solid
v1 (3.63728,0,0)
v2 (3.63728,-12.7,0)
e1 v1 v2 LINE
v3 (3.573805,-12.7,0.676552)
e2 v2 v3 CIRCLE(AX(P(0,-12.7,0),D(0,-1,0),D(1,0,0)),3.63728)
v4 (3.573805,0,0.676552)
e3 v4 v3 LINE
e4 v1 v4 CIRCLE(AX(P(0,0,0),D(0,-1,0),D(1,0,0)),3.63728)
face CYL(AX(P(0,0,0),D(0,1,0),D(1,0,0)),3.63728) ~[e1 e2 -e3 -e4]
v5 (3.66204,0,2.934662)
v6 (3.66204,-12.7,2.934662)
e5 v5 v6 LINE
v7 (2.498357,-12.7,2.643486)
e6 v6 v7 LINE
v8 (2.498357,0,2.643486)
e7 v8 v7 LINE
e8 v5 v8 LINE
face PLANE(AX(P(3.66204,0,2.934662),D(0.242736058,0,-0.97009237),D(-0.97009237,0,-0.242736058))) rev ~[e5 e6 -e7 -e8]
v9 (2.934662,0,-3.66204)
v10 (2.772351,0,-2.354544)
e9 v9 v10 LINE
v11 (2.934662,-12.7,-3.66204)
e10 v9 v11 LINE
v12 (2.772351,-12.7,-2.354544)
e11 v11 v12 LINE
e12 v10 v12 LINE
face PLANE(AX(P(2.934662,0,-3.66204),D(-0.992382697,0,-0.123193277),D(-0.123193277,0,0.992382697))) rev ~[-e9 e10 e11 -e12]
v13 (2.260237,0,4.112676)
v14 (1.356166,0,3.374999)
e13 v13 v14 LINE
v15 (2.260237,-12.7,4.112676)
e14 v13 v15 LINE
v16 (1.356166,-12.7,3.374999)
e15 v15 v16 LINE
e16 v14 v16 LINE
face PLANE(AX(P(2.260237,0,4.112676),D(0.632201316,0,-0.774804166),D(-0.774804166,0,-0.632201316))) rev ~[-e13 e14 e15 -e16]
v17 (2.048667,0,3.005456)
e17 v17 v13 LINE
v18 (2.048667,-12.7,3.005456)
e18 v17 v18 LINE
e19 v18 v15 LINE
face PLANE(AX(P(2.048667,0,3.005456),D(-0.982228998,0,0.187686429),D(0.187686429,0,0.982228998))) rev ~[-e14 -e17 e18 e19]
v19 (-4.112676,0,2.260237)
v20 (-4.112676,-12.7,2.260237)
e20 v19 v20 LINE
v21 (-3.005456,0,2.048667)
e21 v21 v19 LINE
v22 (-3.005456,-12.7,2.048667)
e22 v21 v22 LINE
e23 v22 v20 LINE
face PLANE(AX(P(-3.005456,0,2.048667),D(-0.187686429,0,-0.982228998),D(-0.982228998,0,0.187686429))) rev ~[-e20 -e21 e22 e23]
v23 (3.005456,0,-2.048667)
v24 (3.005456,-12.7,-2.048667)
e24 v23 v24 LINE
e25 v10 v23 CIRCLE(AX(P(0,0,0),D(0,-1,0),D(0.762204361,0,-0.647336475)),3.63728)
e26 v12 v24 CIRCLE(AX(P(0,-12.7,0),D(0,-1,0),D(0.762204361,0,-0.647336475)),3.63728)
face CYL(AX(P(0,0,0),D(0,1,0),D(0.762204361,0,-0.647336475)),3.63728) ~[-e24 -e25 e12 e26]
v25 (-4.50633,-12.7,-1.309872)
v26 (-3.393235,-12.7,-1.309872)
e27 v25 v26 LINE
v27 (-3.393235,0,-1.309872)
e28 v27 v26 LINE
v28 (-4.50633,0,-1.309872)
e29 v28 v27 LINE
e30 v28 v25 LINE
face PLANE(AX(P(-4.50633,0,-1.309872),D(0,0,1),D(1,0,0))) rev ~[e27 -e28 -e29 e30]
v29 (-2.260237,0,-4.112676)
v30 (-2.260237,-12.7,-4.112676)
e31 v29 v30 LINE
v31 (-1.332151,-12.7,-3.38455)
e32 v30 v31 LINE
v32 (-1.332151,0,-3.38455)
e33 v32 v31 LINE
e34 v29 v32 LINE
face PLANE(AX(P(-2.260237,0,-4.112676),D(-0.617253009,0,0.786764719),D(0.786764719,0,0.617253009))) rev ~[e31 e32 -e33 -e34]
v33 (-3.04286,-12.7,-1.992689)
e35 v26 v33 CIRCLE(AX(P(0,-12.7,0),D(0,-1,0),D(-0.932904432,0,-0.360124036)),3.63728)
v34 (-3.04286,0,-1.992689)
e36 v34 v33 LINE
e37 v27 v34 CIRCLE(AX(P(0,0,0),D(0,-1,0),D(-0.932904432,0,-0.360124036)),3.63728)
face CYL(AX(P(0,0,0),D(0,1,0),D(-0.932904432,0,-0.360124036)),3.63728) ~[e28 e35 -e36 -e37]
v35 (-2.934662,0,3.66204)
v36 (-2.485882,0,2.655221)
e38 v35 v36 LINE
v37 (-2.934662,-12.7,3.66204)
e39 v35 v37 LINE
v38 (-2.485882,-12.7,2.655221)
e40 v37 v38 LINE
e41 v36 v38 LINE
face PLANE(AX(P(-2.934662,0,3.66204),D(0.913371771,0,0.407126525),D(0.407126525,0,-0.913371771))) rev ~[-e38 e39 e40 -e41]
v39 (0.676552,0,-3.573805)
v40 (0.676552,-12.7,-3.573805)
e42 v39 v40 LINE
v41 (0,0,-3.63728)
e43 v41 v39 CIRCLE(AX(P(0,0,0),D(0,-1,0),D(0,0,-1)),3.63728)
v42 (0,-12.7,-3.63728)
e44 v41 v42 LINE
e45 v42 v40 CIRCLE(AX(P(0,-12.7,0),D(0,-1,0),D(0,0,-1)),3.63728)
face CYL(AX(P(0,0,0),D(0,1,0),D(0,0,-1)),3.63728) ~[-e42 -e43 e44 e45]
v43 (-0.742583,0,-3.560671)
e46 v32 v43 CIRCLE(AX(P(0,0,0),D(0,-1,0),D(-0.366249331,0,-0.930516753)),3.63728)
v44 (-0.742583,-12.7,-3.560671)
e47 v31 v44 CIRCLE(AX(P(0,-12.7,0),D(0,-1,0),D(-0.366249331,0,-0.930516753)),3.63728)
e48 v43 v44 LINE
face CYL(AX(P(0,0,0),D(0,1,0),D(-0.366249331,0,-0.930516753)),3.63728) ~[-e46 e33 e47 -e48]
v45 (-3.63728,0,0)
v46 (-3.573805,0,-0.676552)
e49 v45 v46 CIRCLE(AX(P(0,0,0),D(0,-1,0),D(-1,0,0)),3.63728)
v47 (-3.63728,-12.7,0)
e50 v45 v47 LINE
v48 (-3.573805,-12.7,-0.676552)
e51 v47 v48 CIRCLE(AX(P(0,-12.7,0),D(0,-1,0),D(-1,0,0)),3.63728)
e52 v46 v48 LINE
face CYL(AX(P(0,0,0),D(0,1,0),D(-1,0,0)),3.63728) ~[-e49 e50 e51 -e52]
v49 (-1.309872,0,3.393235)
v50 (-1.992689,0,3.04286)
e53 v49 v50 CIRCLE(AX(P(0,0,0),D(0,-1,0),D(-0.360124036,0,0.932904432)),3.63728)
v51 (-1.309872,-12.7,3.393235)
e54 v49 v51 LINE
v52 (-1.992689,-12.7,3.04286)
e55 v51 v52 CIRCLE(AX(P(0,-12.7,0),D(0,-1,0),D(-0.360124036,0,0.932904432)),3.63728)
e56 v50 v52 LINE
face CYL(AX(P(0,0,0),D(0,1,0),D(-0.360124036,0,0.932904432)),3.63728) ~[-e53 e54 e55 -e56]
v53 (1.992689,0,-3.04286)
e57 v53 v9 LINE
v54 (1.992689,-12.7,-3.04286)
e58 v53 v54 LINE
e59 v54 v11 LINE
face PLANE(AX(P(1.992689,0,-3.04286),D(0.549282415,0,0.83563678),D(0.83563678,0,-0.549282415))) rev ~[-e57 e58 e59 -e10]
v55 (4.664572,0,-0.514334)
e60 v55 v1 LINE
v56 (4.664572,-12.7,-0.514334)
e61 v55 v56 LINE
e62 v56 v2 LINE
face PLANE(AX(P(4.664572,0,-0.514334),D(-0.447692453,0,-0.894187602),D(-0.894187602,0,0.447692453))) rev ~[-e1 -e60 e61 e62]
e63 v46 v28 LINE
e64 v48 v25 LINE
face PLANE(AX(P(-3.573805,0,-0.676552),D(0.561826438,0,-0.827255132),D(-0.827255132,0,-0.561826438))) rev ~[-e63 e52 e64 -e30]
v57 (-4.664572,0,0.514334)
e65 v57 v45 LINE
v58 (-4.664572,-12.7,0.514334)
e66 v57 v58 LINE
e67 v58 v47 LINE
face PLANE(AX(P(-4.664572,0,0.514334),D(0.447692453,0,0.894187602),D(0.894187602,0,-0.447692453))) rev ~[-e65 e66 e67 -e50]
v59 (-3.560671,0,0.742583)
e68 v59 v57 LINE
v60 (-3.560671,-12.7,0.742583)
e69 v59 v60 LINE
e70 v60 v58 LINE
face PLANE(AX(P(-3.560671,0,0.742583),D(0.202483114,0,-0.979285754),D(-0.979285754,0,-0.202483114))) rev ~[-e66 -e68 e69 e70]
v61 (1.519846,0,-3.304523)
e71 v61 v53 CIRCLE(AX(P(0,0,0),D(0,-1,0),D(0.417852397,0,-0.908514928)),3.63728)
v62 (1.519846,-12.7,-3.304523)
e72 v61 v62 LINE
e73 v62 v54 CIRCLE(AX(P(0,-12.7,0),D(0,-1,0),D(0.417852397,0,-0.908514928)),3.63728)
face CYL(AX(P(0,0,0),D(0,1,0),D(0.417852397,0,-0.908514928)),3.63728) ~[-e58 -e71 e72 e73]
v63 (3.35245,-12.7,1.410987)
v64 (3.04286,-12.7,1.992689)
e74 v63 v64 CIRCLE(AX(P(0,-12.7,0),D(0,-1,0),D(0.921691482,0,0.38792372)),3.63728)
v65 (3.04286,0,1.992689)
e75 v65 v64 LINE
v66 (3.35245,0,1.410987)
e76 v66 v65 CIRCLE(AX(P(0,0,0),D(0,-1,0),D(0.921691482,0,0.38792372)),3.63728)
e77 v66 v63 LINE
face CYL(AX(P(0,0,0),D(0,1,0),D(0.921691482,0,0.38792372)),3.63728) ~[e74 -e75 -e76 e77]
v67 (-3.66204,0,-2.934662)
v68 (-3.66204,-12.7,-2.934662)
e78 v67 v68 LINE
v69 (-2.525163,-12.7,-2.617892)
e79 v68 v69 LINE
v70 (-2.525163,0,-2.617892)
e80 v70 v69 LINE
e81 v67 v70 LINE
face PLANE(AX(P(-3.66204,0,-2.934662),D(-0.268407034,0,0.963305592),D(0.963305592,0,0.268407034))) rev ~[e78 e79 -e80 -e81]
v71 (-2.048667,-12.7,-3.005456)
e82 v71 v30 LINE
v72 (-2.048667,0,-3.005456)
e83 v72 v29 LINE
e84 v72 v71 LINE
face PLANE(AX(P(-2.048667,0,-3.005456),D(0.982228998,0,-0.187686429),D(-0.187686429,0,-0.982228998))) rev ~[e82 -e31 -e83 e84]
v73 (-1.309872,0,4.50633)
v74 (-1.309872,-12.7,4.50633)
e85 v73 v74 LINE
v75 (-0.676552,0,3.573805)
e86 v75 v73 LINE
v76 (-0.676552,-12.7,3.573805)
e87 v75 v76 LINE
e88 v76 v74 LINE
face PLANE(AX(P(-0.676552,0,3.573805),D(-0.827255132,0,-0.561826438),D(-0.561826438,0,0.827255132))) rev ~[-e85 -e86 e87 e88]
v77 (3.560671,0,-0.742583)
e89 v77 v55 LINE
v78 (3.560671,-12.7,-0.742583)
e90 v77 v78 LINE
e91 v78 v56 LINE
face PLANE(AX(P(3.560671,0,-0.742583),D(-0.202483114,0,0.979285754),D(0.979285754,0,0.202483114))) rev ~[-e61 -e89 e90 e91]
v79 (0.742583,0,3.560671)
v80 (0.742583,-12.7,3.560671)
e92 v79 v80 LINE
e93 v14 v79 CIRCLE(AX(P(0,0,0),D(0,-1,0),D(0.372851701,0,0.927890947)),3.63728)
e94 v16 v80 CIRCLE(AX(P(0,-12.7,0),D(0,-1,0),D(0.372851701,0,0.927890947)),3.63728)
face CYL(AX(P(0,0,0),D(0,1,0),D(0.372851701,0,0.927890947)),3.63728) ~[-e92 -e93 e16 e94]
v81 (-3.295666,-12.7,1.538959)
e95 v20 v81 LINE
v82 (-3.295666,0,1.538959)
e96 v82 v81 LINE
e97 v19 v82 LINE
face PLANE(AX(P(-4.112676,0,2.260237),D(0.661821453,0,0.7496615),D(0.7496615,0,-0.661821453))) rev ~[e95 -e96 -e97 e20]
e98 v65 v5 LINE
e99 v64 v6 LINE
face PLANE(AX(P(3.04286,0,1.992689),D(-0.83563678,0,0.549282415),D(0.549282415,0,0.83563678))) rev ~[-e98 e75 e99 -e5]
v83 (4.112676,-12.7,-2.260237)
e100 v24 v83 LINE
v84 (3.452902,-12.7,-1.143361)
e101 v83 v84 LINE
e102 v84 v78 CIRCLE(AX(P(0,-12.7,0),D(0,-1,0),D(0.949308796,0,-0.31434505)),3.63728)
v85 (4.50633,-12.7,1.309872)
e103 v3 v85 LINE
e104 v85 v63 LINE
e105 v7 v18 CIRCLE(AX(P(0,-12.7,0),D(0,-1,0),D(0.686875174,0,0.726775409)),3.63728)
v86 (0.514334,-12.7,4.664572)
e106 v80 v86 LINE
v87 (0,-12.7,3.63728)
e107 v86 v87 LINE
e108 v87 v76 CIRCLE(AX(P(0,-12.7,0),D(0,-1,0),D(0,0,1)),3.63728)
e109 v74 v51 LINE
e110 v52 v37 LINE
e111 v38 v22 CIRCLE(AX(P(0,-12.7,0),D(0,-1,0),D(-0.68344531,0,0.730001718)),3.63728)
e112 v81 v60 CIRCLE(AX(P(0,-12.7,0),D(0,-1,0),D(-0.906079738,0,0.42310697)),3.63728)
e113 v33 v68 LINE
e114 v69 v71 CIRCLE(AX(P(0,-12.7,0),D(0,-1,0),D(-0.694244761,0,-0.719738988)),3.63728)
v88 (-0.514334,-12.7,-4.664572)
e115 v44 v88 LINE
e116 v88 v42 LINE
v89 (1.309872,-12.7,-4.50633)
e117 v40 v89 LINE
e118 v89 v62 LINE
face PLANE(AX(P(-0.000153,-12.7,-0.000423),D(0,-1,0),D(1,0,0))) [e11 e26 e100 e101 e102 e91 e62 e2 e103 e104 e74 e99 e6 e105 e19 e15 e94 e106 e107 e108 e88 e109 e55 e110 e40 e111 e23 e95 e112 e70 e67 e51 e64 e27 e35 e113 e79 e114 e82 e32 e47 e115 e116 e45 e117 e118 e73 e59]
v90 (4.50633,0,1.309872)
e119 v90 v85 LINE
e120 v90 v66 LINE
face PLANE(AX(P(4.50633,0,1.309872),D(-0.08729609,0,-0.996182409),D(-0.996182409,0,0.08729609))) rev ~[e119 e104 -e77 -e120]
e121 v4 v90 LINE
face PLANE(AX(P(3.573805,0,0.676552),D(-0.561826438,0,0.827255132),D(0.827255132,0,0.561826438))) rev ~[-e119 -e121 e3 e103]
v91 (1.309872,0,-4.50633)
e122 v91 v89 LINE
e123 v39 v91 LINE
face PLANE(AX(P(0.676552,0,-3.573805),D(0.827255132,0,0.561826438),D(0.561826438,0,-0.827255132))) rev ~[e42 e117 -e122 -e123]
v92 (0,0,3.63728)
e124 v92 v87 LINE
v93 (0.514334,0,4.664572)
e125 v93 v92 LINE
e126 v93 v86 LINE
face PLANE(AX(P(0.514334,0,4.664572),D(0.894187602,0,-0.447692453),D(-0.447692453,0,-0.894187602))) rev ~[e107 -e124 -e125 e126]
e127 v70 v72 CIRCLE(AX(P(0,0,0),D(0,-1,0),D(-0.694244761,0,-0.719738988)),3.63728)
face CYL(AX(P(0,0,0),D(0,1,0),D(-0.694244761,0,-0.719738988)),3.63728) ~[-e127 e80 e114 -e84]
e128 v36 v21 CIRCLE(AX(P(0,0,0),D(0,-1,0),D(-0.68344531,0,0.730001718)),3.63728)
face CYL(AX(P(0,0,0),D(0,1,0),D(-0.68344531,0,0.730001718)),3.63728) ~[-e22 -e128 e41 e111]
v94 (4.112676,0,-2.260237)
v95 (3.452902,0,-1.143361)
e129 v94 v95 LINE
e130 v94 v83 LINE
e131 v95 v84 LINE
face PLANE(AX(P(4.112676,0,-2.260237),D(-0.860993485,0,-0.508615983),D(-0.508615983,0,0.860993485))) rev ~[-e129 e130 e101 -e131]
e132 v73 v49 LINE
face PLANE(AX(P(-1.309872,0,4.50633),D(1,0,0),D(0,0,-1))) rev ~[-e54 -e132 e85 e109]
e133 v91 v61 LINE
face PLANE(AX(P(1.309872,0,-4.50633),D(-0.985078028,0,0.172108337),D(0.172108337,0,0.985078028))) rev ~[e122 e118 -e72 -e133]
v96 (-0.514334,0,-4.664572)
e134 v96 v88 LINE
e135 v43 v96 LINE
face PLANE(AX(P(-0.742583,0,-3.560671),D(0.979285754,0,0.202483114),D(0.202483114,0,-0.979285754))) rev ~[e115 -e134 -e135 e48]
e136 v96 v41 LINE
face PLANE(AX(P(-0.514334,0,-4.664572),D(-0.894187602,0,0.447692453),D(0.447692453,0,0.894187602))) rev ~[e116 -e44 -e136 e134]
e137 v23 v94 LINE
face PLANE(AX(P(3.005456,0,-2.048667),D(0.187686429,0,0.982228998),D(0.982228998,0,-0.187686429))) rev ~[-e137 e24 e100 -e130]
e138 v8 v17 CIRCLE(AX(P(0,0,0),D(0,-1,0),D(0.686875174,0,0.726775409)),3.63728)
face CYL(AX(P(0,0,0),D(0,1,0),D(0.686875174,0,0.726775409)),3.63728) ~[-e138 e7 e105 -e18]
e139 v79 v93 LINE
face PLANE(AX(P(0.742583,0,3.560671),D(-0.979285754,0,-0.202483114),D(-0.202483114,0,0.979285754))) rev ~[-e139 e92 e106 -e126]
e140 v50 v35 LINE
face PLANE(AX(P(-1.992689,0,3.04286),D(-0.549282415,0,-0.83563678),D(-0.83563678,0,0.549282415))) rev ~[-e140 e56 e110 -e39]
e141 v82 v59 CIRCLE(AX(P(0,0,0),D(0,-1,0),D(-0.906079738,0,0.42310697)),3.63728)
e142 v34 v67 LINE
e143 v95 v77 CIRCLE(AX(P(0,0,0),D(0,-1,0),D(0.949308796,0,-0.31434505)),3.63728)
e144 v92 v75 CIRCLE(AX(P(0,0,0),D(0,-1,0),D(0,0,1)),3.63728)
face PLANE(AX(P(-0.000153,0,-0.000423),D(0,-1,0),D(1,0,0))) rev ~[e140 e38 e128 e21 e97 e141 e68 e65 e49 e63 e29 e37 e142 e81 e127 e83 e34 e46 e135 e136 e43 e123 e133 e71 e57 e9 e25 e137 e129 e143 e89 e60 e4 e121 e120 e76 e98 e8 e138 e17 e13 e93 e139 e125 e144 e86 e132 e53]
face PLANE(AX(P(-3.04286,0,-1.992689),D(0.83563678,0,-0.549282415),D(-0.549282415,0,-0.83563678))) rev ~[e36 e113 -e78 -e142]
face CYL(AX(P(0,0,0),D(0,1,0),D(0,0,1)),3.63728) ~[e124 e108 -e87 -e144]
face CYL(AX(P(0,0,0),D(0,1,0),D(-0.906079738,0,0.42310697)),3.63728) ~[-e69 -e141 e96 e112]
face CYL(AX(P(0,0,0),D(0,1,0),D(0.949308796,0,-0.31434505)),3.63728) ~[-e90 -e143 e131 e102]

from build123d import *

# Parameters (mm, degrees)
F1_DEPTH = 12.7


with BuildPart() as f1:
    # F0 (on Front) → F1 (new body)
    with BuildSketch(Plane.XZ):
        with BuildLine():
            ThreePointArc((3.5606706706, -0.7425834457), (3.6180769765, -0.3732623619), (3.63728, 0))
            ThreePointArc((3.63728, 0), (3.6213765163, 0.3397615722), (3.5738051364, 0.6765520271))
            ThreePointArc((3.5738051364, 0.6765520271), (3.4825423587, 1.0496211309), (3.3524499928, 1.4109871879))
            ThreePointArc((3.3524499928, 1.4109871879), (3.2108553593, 1.7088632654), (3.0428601668, 1.9926885867))
            ThreePointArc((3.0428601668, 1.9926885867), (2.7896517807, 2.3340198673), (2.498357335, 2.6434856582))
            ThreePointArc((2.498357335, 2.6434856582), (2.2807047164, 2.8334063942), (2.0486673204, 3.0054563728))
            ThreePointArc((2.0486673204, 3.0054563728), (1.7124143827, 3.2089628823), (1.3561660359, 3.3749991824))
            ThreePointArc((1.3561660359, 3.3749991824), (1.0534732185, 3.4813790337), (0.7425834457, 3.5606706706))
            Line((0.7425834457, 3.5606706706), (0, 3.63728))
            ThreePointArc((0, 3.63728), (-0.3397615722, 3.6213765163), (-0.6765520271, 3.5738051364))
            ThreePointArc((-0.6765520271, 3.5738051364), (-0.7247312416, 3.5643471248), (-0.7727783981, 3.5542396298))
            ThreePointArc((-0.7727783981, 3.5542396298), (-1.0444322734, 3.4841020399), (-1.3098719531, 3.3932346316))
            ThreePointArc((-1.3098719531, 3.3932346316), (-1.6605472279, 3.2361070289), (-1.9926885867, 3.0428601668))
            ThreePointArc((-1.9926885867, 3.0428601668), (-2.2476575865, 2.8596924961), (-2.4858819563, 2.6552206496))
            ThreePointArc((-2.4858819563, 2.6552206496), (-2.7623678061, 2.3662480643), (-3.0054563728, 2.0486673204))
            ThreePointArc((-3.0054563728, 2.0486673204), (-3.1608520437, 1.7996722357), (-3.2956657104, 1.5389585191))
            ThreePointArc((-3.2956657104, 1.5389585191), (-3.451215794, 1.1484403953), (-3.5606706706, 0.7425834457))
            ThreePointArc((-3.5606706706, 0.7425834457), (-3.6180769765, 0.3732623619), (-3.63728, 0))
            ThreePointArc((-3.63728, 0), (-3.6213765163, -0.3397615722), (-3.5738051364, -0.6765520271))
            ThreePointArc((-3.5738051364, -0.6765520271), (-3.4978828331, -0.9973071162), (-3.3932346316, -1.3098719531))
            ThreePointArc((-3.3932346316, -1.3098719531), (-3.2361070289, -1.6605472279), (-3.0428601668, -1.9926885867))
            ThreePointArc((-3.0428601668, -1.9926885867), (-2.8015066019, -2.3197772647), (-2.5251625854, -2.6178922277))
            ThreePointArc((-2.5251625854, -2.6178922277), (-2.2951103445, -2.8217502202), (-2.0486673204, -3.0054563728))
            ThreePointArc((-2.0486673204, -3.0054563728), (-1.7010031558, -3.2150262927), (-1.332151365, -3.3845499759))
            ThreePointArc((-1.332151365, -3.3845499759), (-1.0410983424, -3.4850997174), (-0.7425834457, -3.5606706706))
            ThreePointArc((-0.7425834457, -3.5606706706), (-0.3732623619, -3.6180769765), (0, -3.63728))
            ThreePointArc((0, -3.63728), (0.3397615722, -3.6213765163), (0.6765520271, -3.5738051364))
            ThreePointArc((0.6765520271, -3.5738051364), (1.1064219136, -3.4649150563), (1.5198461677, -3.3045231767))
            ThreePointArc((1.5198461677, -3.3045231767), (1.7611337209, -3.1824854777), (1.9926885867, -3.0428601668))
            ThreePointArc((1.9926885867, -3.0428601668), (2.4072483422, -2.7267125293), (2.7723506783, -2.3545440142))
            ThreePointArc((2.7723506783, -2.3545440142), (2.8929489657, -2.2046886584), (3.0054563728, -2.0486673204))
            ThreePointArc((3.0054563728, -2.0486673204), (3.2607503405, -1.6116181357), (3.4529018963, -1.1433609635))
            ThreePointArc((3.4529018963, -1.1433609635), (3.5125070381, -0.9445105112), (3.5606706706, -0.7425834457))
        make_face()
        with BuildLine():
            Line((4.6645724086, -0.514333969), (3.63728, 0))
            ThreePointArc((3.63728, 0), (3.6180769765, -0.3732623619), (3.5606706706, -0.7425834457))
            Line((3.5606706706, -0.7425834457), (4.6645724086, -0.514333969))
        make_face()
        with BuildLine():
            ThreePointArc((3.3524499928, 1.4109871879), (3.4825423587, 1.0496211309), (3.5738051364, 0.6765520271))
            Line((3.5738051364, 0.6765520271), (4.5063300649, 1.3098719531))
            Line((4.5063300649, 1.3098719531), (3.3524499928, 1.4109871879))
        make_face()
        with BuildLine():
            Line((4.1126758876, -2.2602372067), (3.4529018963, -1.1433609635))
            ThreePointArc((3.4529018963, -1.1433609635), (3.2607503405, -1.6116181357), (3.0054563728, -2.0486673204))
            Line((3.0054563728, -2.0486673204), (4.1126758876, -2.2602372067))
        make_face()
        with BuildLine():
            ThreePointArc((2.498357335, 2.6434856582), (2.7896517807, 2.3340198673), (3.0428601668, 1.9926885867))
            Line((3.0428601668, 1.9926885867), (3.6620398187, 2.9346617442))
            Line((3.6620398187, 2.9346617442), (2.498357335, 2.6434856582))
        make_face()
        with BuildLine():
            Line((2.9346617442, -3.6620398187), (2.7723506783, -2.3545440142))
            ThreePointArc((2.7723506783, -2.3545440142), (2.4072483422, -2.7267125293), (1.9926885867, -3.0428601668))
            Line((1.9926885867, -3.0428601668), (2.9346617442, -3.6620398187))
        make_face()
        with BuildLine():
            ThreePointArc((1.3561660359, 3.3749991824), (1.7124143827, 3.2089628823), (2.0486673204, 3.0054563728))
            Line((2.0486673204, 3.0054563728), (2.2602372067, 4.1126758876))
            Line((2.2602372067, 4.1126758876), (1.3561660359, 3.3749991824))
        make_face()
        with BuildLine():
            Line((1.3098719531, -4.5063300649), (1.5198461677, -3.3045231767))
            ThreePointArc((1.5198461677, -3.3045231767), (1.1064219136, -3.4649150563), (0.6765520271, -3.5738051364))
            Line((0.6765520271, -3.5738051364), (1.3098719531, -4.5063300649))
        make_face()
        with BuildLine():
            Line((0, 3.63728), (0.7425834457, 3.5606706706))
            ThreePointArc((0.7425834457, 3.5606706706), (0.3732623619, 3.6180769765), (0, 3.63728))
        make_face()
        with BuildLine():
            ThreePointArc((0, 3.63728), (0.3732623619, 3.6180769765), (0.7425834457, 3.5606706706))
            Line((0.7425834457, 3.5606706706), (0.514333969, 4.6645724086))
            Line((0.514333969, 4.6645724086), (0, 3.63728))
        make_face()
        with BuildLine():
            Line((-0.514333969, -4.6645724086), (0, -3.63728))
            ThreePointArc((0, -3.63728), (-0.3732623619, -3.6180769765), (-0.7425834457, -3.5606706706))
            Line((-0.7425834457, -3.5606706706), (-0.514333969, -4.6645724086))
        make_face()
        with BuildLine():
            ThreePointArc((-0.7727783981, 3.5542396298), (-0.7247312416, 3.5643471248), (-0.6765520271, 3.5738051364))
            Line((-0.6765520271, 3.5738051364), (-1.3098719531, 4.5063300649))
            Line((-1.3098719531, 4.5063300649), (-1.3098719531, 3.8332852884))
            Line((-1.3098719531, 3.8332852884), (-0.7727783981, 3.5542396298))
        make_face()
        with BuildLine():
            ThreePointArc((-1.3098719531, 3.3932346316), (-1.0444322734, 3.4841020399), (-0.7727783981, 3.5542396298))
            Line((-0.7727783981, 3.5542396298), (-1.3098719531, 3.8332852884))
            Line((-1.3098719531, 3.8332852884), (-1.3098719531, 3.3932346316))
        make_face()
        with BuildLine():
            Line((-2.2602372067, -4.1126758876), (-1.332151365, -3.3845499759))
            ThreePointArc((-1.332151365, -3.3845499759), (-1.7010031558, -3.2150262927), (-2.0486673204, -3.0054563728))
            Line((-2.0486673204, -3.0054563728), (-2.2602372067, -4.1126758876))
        make_face()
        with BuildLine():
            ThreePointArc((-2.4858819563, 2.6552206496), (-2.2476575865, 2.8596924961), (-1.9926885867, 3.0428601668))
            Line((-1.9926885867, 3.0428601668), (-2.9346617442, 3.6620398187))
            Line((-2.9346617442, 3.6620398187), (-2.4858819563, 2.6552206496))
        make_face()
        with BuildLine():
            Line((-3.6620398187, -2.9346617442), (-2.5251625854, -2.6178922277))
            ThreePointArc((-2.5251625854, -2.6178922277), (-2.8015066019, -2.3197772647), (-3.0428601668, -1.9926885867))
            Line((-3.0428601668, -1.9926885867), (-3.6620398187, -2.9346617442))
        make_face()
        with BuildLine():
            ThreePointArc((-3.2956657104, 1.5389585191), (-3.1608520437, 1.7996722357), (-3.0054563728, 2.0486673204))
            Line((-3.0054563728, 2.0486673204), (-4.1126758876, 2.2602372067))
            Line((-4.1126758876, 2.2602372067), (-3.2956657104, 1.5389585191))
        make_face()
        with BuildLine():
            Line((-4.5063300649, -1.3098719531), (-3.3932346316, -1.3098719531))
            ThreePointArc((-3.3932346316, -1.3098719531), (-3.4978828331, -0.9973071162), (-3.5738051364, -0.6765520271))
            Line((-3.5738051364, -0.6765520271), (-4.5063300649, -1.3098719531))
        make_face()
        with BuildLine():
            ThreePointArc((-3.63728, 0), (-3.6180769765, 0.3732623619), (-3.5606706706, 0.7425834457))
            Line((-3.5606706706, 0.7425834457), (-4.6645724086, 0.514333969))
            Line((-4.6645724086, 0.514333969), (-3.63728, 0))
        make_face()
    extrude(amount=F1_DEPTH)


solid = f1.part
